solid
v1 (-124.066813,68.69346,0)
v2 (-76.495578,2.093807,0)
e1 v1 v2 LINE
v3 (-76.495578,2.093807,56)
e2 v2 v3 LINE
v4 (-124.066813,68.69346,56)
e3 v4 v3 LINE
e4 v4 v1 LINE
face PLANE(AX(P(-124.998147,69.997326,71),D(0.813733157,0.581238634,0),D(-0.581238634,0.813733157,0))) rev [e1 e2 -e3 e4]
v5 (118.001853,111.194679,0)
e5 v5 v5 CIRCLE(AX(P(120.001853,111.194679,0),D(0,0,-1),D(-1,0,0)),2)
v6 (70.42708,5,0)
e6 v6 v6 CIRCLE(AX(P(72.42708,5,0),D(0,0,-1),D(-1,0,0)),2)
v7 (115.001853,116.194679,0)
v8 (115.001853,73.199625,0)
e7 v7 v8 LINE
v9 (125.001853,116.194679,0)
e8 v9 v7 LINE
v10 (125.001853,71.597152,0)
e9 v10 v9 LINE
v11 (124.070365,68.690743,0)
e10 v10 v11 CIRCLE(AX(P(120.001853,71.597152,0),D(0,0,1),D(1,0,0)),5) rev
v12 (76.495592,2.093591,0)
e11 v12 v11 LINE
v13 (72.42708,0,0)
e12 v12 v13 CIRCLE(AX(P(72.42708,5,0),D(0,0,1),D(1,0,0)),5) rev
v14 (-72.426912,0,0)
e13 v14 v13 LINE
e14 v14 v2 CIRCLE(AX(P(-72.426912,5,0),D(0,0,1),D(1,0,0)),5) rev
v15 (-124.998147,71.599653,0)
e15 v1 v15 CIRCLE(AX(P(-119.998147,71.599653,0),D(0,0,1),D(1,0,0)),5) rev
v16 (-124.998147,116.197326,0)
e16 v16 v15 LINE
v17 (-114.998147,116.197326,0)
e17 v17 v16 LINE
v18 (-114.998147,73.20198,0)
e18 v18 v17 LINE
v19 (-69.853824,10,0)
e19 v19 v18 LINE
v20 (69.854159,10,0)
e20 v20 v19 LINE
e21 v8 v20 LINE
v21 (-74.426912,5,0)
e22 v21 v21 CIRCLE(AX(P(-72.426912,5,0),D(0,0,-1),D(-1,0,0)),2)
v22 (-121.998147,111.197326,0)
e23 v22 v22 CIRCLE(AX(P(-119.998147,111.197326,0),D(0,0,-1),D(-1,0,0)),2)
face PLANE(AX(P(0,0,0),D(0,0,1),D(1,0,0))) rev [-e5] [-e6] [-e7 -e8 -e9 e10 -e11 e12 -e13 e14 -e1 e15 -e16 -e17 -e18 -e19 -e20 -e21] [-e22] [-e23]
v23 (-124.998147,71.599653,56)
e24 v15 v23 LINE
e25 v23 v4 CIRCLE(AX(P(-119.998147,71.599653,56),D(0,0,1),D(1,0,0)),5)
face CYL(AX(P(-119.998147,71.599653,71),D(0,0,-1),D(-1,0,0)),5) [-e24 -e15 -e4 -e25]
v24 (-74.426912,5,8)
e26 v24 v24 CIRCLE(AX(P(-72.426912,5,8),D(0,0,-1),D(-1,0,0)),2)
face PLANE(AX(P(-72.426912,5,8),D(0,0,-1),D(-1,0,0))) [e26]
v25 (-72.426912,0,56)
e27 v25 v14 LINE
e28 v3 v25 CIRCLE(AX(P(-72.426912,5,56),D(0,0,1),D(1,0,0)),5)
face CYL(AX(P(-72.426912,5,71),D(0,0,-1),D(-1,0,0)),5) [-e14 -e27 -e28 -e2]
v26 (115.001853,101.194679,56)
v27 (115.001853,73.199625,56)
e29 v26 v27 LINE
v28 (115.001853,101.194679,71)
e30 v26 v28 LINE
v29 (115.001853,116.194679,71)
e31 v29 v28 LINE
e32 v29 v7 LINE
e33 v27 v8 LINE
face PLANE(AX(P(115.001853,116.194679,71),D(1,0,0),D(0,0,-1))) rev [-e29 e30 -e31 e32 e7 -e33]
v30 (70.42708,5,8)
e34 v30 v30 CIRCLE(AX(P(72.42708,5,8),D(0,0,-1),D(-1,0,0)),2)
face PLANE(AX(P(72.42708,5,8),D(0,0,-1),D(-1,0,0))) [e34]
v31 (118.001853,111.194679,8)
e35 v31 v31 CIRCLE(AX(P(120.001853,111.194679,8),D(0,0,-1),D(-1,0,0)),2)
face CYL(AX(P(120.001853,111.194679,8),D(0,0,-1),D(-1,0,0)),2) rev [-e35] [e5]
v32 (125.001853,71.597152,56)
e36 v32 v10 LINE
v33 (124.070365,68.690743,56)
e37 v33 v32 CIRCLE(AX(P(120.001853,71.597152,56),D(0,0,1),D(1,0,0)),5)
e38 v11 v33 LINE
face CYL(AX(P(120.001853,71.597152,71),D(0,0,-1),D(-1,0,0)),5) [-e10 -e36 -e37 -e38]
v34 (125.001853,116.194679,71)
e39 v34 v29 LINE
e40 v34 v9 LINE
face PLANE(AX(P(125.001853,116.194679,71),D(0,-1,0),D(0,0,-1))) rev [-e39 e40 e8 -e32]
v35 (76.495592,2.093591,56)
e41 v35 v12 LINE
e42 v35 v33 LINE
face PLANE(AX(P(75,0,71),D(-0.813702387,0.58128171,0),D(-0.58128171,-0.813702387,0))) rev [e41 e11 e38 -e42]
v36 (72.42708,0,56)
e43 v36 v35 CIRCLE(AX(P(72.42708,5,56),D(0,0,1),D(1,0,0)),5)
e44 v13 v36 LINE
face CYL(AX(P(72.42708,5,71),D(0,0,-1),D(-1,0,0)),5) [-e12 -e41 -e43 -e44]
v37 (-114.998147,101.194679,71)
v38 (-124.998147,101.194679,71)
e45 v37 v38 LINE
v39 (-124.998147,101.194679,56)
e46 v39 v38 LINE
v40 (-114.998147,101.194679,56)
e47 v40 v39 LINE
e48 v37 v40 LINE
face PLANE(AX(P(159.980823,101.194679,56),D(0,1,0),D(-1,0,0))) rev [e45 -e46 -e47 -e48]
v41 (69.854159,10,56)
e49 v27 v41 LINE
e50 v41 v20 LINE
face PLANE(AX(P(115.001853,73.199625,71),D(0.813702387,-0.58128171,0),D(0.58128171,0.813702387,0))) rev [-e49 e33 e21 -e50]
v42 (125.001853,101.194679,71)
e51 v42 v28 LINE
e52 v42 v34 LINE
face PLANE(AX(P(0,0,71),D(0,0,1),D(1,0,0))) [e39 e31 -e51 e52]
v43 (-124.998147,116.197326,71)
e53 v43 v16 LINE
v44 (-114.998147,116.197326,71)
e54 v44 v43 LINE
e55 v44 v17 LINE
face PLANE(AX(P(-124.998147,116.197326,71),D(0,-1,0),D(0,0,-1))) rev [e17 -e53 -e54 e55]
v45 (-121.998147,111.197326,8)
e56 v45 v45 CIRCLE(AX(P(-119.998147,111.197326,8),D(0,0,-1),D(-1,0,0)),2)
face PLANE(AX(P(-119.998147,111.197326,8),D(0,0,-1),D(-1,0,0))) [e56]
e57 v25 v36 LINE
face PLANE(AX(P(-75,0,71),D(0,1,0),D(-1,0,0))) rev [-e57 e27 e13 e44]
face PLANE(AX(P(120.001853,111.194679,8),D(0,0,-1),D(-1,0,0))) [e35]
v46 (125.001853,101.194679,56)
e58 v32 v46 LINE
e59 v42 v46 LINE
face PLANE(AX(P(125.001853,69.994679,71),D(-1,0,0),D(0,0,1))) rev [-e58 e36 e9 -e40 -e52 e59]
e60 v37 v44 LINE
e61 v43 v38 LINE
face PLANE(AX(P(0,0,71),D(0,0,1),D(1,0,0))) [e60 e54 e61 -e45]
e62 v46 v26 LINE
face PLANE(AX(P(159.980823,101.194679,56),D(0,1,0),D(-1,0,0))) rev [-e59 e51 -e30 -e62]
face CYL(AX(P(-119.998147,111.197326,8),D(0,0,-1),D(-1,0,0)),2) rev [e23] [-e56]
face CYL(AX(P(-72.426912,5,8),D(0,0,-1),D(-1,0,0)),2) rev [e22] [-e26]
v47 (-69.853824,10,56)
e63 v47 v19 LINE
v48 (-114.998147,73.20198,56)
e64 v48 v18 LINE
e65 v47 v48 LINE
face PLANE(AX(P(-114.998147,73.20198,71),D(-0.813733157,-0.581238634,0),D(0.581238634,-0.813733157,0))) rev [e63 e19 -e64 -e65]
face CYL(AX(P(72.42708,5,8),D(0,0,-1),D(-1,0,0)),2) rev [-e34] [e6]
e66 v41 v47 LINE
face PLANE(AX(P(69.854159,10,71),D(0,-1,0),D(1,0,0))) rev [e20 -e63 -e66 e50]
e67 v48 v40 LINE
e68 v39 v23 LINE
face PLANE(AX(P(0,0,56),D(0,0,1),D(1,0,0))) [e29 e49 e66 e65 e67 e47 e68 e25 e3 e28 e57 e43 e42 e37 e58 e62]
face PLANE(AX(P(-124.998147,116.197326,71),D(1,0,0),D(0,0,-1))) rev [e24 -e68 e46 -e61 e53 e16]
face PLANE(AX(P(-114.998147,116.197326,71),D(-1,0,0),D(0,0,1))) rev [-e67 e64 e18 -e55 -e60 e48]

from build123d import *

# Parameters (mm, degrees)
BOSS_EXTRU_1_DEPTH      = 71
ESQUISSE3_W             = 324.913222196
ESQUISSE3_H             = 116.889512864
ENL_V_MAT_EXTRU_2_DEPTH = 15
CONG_1_R                = 5
ESQUISSE4_R             = 2
ENL_V_MAT_EXTRU_3_DEPTH = 8


with BuildPart() as part:
    # Esquisse1 → Boss.-Extru.1 (new body)
    with BuildSketch(Plane.XY):
        Polygon((-124.99814732, 116.197326124), (-114.99814732, 116.197326124), (-114.99814732, 73.201979643), (-69.853824471, 10), (69.854159245, 10), (115.001852666, 73.199624684), (115.001852666, 116.194679298), (125.001852666, 116.194679298), (125.001852666, 69.994679298), (75, 0), (-75, 0), (-124.99814732, 69.997326124), align=None)
    extrude(amount=BOSS_EXTRU_1_DEPTH)

    # Esquisse3 → Enlèv. mat.-Extru.2 (cut)
    with BuildSketch(Plane.XY.offset(71)):
        with Locations((-2.475787976, 42.749922866)):
            Rectangle(ESQUISSE3_W, ESQUISSE3_H)
    extrude(amount=-ENL_V_MAT_EXTRU_2_DEPTH, mode=Mode.SUBTRACT)

    # Congé1
    cong_1_edges = [part.edges().sort_by_distance(p)[0] for p in [
        (125.001852666, 69.994679298, 28),
        (75, 0, 28),
        (-75, 0, 28),
        (-124.99814732, 69.997326124, 28),
    ]]
    fillet(cong_1_edges, radius=CONG_1_R)

    # Esquisse4 → Enlèv. mat.-Extru.3 (cut)
    with BuildSketch(Plane(origin=(0, 0, 0), x_dir=(-1, 0, 0), z_dir=(0, 0, -1))):
        with Locations((-72.427079623, 5)):
            Circle(ESQUISSE4_R)
        with Locations((72.426912235, 5)):
            Circle(ESQUISSE4_R)
        with Locations((-120.001852666, 111.194679298)):
            Circle(ESQUISSE4_R)
        with Locations((119.99814732, 111.197326124)):
            Circle(ESQUISSE4_R)
    extrude(amount=-ENL_V_MAT_EXTRU_3_DEPTH, mode=Mode.SUBTRACT)


solid = part.part
